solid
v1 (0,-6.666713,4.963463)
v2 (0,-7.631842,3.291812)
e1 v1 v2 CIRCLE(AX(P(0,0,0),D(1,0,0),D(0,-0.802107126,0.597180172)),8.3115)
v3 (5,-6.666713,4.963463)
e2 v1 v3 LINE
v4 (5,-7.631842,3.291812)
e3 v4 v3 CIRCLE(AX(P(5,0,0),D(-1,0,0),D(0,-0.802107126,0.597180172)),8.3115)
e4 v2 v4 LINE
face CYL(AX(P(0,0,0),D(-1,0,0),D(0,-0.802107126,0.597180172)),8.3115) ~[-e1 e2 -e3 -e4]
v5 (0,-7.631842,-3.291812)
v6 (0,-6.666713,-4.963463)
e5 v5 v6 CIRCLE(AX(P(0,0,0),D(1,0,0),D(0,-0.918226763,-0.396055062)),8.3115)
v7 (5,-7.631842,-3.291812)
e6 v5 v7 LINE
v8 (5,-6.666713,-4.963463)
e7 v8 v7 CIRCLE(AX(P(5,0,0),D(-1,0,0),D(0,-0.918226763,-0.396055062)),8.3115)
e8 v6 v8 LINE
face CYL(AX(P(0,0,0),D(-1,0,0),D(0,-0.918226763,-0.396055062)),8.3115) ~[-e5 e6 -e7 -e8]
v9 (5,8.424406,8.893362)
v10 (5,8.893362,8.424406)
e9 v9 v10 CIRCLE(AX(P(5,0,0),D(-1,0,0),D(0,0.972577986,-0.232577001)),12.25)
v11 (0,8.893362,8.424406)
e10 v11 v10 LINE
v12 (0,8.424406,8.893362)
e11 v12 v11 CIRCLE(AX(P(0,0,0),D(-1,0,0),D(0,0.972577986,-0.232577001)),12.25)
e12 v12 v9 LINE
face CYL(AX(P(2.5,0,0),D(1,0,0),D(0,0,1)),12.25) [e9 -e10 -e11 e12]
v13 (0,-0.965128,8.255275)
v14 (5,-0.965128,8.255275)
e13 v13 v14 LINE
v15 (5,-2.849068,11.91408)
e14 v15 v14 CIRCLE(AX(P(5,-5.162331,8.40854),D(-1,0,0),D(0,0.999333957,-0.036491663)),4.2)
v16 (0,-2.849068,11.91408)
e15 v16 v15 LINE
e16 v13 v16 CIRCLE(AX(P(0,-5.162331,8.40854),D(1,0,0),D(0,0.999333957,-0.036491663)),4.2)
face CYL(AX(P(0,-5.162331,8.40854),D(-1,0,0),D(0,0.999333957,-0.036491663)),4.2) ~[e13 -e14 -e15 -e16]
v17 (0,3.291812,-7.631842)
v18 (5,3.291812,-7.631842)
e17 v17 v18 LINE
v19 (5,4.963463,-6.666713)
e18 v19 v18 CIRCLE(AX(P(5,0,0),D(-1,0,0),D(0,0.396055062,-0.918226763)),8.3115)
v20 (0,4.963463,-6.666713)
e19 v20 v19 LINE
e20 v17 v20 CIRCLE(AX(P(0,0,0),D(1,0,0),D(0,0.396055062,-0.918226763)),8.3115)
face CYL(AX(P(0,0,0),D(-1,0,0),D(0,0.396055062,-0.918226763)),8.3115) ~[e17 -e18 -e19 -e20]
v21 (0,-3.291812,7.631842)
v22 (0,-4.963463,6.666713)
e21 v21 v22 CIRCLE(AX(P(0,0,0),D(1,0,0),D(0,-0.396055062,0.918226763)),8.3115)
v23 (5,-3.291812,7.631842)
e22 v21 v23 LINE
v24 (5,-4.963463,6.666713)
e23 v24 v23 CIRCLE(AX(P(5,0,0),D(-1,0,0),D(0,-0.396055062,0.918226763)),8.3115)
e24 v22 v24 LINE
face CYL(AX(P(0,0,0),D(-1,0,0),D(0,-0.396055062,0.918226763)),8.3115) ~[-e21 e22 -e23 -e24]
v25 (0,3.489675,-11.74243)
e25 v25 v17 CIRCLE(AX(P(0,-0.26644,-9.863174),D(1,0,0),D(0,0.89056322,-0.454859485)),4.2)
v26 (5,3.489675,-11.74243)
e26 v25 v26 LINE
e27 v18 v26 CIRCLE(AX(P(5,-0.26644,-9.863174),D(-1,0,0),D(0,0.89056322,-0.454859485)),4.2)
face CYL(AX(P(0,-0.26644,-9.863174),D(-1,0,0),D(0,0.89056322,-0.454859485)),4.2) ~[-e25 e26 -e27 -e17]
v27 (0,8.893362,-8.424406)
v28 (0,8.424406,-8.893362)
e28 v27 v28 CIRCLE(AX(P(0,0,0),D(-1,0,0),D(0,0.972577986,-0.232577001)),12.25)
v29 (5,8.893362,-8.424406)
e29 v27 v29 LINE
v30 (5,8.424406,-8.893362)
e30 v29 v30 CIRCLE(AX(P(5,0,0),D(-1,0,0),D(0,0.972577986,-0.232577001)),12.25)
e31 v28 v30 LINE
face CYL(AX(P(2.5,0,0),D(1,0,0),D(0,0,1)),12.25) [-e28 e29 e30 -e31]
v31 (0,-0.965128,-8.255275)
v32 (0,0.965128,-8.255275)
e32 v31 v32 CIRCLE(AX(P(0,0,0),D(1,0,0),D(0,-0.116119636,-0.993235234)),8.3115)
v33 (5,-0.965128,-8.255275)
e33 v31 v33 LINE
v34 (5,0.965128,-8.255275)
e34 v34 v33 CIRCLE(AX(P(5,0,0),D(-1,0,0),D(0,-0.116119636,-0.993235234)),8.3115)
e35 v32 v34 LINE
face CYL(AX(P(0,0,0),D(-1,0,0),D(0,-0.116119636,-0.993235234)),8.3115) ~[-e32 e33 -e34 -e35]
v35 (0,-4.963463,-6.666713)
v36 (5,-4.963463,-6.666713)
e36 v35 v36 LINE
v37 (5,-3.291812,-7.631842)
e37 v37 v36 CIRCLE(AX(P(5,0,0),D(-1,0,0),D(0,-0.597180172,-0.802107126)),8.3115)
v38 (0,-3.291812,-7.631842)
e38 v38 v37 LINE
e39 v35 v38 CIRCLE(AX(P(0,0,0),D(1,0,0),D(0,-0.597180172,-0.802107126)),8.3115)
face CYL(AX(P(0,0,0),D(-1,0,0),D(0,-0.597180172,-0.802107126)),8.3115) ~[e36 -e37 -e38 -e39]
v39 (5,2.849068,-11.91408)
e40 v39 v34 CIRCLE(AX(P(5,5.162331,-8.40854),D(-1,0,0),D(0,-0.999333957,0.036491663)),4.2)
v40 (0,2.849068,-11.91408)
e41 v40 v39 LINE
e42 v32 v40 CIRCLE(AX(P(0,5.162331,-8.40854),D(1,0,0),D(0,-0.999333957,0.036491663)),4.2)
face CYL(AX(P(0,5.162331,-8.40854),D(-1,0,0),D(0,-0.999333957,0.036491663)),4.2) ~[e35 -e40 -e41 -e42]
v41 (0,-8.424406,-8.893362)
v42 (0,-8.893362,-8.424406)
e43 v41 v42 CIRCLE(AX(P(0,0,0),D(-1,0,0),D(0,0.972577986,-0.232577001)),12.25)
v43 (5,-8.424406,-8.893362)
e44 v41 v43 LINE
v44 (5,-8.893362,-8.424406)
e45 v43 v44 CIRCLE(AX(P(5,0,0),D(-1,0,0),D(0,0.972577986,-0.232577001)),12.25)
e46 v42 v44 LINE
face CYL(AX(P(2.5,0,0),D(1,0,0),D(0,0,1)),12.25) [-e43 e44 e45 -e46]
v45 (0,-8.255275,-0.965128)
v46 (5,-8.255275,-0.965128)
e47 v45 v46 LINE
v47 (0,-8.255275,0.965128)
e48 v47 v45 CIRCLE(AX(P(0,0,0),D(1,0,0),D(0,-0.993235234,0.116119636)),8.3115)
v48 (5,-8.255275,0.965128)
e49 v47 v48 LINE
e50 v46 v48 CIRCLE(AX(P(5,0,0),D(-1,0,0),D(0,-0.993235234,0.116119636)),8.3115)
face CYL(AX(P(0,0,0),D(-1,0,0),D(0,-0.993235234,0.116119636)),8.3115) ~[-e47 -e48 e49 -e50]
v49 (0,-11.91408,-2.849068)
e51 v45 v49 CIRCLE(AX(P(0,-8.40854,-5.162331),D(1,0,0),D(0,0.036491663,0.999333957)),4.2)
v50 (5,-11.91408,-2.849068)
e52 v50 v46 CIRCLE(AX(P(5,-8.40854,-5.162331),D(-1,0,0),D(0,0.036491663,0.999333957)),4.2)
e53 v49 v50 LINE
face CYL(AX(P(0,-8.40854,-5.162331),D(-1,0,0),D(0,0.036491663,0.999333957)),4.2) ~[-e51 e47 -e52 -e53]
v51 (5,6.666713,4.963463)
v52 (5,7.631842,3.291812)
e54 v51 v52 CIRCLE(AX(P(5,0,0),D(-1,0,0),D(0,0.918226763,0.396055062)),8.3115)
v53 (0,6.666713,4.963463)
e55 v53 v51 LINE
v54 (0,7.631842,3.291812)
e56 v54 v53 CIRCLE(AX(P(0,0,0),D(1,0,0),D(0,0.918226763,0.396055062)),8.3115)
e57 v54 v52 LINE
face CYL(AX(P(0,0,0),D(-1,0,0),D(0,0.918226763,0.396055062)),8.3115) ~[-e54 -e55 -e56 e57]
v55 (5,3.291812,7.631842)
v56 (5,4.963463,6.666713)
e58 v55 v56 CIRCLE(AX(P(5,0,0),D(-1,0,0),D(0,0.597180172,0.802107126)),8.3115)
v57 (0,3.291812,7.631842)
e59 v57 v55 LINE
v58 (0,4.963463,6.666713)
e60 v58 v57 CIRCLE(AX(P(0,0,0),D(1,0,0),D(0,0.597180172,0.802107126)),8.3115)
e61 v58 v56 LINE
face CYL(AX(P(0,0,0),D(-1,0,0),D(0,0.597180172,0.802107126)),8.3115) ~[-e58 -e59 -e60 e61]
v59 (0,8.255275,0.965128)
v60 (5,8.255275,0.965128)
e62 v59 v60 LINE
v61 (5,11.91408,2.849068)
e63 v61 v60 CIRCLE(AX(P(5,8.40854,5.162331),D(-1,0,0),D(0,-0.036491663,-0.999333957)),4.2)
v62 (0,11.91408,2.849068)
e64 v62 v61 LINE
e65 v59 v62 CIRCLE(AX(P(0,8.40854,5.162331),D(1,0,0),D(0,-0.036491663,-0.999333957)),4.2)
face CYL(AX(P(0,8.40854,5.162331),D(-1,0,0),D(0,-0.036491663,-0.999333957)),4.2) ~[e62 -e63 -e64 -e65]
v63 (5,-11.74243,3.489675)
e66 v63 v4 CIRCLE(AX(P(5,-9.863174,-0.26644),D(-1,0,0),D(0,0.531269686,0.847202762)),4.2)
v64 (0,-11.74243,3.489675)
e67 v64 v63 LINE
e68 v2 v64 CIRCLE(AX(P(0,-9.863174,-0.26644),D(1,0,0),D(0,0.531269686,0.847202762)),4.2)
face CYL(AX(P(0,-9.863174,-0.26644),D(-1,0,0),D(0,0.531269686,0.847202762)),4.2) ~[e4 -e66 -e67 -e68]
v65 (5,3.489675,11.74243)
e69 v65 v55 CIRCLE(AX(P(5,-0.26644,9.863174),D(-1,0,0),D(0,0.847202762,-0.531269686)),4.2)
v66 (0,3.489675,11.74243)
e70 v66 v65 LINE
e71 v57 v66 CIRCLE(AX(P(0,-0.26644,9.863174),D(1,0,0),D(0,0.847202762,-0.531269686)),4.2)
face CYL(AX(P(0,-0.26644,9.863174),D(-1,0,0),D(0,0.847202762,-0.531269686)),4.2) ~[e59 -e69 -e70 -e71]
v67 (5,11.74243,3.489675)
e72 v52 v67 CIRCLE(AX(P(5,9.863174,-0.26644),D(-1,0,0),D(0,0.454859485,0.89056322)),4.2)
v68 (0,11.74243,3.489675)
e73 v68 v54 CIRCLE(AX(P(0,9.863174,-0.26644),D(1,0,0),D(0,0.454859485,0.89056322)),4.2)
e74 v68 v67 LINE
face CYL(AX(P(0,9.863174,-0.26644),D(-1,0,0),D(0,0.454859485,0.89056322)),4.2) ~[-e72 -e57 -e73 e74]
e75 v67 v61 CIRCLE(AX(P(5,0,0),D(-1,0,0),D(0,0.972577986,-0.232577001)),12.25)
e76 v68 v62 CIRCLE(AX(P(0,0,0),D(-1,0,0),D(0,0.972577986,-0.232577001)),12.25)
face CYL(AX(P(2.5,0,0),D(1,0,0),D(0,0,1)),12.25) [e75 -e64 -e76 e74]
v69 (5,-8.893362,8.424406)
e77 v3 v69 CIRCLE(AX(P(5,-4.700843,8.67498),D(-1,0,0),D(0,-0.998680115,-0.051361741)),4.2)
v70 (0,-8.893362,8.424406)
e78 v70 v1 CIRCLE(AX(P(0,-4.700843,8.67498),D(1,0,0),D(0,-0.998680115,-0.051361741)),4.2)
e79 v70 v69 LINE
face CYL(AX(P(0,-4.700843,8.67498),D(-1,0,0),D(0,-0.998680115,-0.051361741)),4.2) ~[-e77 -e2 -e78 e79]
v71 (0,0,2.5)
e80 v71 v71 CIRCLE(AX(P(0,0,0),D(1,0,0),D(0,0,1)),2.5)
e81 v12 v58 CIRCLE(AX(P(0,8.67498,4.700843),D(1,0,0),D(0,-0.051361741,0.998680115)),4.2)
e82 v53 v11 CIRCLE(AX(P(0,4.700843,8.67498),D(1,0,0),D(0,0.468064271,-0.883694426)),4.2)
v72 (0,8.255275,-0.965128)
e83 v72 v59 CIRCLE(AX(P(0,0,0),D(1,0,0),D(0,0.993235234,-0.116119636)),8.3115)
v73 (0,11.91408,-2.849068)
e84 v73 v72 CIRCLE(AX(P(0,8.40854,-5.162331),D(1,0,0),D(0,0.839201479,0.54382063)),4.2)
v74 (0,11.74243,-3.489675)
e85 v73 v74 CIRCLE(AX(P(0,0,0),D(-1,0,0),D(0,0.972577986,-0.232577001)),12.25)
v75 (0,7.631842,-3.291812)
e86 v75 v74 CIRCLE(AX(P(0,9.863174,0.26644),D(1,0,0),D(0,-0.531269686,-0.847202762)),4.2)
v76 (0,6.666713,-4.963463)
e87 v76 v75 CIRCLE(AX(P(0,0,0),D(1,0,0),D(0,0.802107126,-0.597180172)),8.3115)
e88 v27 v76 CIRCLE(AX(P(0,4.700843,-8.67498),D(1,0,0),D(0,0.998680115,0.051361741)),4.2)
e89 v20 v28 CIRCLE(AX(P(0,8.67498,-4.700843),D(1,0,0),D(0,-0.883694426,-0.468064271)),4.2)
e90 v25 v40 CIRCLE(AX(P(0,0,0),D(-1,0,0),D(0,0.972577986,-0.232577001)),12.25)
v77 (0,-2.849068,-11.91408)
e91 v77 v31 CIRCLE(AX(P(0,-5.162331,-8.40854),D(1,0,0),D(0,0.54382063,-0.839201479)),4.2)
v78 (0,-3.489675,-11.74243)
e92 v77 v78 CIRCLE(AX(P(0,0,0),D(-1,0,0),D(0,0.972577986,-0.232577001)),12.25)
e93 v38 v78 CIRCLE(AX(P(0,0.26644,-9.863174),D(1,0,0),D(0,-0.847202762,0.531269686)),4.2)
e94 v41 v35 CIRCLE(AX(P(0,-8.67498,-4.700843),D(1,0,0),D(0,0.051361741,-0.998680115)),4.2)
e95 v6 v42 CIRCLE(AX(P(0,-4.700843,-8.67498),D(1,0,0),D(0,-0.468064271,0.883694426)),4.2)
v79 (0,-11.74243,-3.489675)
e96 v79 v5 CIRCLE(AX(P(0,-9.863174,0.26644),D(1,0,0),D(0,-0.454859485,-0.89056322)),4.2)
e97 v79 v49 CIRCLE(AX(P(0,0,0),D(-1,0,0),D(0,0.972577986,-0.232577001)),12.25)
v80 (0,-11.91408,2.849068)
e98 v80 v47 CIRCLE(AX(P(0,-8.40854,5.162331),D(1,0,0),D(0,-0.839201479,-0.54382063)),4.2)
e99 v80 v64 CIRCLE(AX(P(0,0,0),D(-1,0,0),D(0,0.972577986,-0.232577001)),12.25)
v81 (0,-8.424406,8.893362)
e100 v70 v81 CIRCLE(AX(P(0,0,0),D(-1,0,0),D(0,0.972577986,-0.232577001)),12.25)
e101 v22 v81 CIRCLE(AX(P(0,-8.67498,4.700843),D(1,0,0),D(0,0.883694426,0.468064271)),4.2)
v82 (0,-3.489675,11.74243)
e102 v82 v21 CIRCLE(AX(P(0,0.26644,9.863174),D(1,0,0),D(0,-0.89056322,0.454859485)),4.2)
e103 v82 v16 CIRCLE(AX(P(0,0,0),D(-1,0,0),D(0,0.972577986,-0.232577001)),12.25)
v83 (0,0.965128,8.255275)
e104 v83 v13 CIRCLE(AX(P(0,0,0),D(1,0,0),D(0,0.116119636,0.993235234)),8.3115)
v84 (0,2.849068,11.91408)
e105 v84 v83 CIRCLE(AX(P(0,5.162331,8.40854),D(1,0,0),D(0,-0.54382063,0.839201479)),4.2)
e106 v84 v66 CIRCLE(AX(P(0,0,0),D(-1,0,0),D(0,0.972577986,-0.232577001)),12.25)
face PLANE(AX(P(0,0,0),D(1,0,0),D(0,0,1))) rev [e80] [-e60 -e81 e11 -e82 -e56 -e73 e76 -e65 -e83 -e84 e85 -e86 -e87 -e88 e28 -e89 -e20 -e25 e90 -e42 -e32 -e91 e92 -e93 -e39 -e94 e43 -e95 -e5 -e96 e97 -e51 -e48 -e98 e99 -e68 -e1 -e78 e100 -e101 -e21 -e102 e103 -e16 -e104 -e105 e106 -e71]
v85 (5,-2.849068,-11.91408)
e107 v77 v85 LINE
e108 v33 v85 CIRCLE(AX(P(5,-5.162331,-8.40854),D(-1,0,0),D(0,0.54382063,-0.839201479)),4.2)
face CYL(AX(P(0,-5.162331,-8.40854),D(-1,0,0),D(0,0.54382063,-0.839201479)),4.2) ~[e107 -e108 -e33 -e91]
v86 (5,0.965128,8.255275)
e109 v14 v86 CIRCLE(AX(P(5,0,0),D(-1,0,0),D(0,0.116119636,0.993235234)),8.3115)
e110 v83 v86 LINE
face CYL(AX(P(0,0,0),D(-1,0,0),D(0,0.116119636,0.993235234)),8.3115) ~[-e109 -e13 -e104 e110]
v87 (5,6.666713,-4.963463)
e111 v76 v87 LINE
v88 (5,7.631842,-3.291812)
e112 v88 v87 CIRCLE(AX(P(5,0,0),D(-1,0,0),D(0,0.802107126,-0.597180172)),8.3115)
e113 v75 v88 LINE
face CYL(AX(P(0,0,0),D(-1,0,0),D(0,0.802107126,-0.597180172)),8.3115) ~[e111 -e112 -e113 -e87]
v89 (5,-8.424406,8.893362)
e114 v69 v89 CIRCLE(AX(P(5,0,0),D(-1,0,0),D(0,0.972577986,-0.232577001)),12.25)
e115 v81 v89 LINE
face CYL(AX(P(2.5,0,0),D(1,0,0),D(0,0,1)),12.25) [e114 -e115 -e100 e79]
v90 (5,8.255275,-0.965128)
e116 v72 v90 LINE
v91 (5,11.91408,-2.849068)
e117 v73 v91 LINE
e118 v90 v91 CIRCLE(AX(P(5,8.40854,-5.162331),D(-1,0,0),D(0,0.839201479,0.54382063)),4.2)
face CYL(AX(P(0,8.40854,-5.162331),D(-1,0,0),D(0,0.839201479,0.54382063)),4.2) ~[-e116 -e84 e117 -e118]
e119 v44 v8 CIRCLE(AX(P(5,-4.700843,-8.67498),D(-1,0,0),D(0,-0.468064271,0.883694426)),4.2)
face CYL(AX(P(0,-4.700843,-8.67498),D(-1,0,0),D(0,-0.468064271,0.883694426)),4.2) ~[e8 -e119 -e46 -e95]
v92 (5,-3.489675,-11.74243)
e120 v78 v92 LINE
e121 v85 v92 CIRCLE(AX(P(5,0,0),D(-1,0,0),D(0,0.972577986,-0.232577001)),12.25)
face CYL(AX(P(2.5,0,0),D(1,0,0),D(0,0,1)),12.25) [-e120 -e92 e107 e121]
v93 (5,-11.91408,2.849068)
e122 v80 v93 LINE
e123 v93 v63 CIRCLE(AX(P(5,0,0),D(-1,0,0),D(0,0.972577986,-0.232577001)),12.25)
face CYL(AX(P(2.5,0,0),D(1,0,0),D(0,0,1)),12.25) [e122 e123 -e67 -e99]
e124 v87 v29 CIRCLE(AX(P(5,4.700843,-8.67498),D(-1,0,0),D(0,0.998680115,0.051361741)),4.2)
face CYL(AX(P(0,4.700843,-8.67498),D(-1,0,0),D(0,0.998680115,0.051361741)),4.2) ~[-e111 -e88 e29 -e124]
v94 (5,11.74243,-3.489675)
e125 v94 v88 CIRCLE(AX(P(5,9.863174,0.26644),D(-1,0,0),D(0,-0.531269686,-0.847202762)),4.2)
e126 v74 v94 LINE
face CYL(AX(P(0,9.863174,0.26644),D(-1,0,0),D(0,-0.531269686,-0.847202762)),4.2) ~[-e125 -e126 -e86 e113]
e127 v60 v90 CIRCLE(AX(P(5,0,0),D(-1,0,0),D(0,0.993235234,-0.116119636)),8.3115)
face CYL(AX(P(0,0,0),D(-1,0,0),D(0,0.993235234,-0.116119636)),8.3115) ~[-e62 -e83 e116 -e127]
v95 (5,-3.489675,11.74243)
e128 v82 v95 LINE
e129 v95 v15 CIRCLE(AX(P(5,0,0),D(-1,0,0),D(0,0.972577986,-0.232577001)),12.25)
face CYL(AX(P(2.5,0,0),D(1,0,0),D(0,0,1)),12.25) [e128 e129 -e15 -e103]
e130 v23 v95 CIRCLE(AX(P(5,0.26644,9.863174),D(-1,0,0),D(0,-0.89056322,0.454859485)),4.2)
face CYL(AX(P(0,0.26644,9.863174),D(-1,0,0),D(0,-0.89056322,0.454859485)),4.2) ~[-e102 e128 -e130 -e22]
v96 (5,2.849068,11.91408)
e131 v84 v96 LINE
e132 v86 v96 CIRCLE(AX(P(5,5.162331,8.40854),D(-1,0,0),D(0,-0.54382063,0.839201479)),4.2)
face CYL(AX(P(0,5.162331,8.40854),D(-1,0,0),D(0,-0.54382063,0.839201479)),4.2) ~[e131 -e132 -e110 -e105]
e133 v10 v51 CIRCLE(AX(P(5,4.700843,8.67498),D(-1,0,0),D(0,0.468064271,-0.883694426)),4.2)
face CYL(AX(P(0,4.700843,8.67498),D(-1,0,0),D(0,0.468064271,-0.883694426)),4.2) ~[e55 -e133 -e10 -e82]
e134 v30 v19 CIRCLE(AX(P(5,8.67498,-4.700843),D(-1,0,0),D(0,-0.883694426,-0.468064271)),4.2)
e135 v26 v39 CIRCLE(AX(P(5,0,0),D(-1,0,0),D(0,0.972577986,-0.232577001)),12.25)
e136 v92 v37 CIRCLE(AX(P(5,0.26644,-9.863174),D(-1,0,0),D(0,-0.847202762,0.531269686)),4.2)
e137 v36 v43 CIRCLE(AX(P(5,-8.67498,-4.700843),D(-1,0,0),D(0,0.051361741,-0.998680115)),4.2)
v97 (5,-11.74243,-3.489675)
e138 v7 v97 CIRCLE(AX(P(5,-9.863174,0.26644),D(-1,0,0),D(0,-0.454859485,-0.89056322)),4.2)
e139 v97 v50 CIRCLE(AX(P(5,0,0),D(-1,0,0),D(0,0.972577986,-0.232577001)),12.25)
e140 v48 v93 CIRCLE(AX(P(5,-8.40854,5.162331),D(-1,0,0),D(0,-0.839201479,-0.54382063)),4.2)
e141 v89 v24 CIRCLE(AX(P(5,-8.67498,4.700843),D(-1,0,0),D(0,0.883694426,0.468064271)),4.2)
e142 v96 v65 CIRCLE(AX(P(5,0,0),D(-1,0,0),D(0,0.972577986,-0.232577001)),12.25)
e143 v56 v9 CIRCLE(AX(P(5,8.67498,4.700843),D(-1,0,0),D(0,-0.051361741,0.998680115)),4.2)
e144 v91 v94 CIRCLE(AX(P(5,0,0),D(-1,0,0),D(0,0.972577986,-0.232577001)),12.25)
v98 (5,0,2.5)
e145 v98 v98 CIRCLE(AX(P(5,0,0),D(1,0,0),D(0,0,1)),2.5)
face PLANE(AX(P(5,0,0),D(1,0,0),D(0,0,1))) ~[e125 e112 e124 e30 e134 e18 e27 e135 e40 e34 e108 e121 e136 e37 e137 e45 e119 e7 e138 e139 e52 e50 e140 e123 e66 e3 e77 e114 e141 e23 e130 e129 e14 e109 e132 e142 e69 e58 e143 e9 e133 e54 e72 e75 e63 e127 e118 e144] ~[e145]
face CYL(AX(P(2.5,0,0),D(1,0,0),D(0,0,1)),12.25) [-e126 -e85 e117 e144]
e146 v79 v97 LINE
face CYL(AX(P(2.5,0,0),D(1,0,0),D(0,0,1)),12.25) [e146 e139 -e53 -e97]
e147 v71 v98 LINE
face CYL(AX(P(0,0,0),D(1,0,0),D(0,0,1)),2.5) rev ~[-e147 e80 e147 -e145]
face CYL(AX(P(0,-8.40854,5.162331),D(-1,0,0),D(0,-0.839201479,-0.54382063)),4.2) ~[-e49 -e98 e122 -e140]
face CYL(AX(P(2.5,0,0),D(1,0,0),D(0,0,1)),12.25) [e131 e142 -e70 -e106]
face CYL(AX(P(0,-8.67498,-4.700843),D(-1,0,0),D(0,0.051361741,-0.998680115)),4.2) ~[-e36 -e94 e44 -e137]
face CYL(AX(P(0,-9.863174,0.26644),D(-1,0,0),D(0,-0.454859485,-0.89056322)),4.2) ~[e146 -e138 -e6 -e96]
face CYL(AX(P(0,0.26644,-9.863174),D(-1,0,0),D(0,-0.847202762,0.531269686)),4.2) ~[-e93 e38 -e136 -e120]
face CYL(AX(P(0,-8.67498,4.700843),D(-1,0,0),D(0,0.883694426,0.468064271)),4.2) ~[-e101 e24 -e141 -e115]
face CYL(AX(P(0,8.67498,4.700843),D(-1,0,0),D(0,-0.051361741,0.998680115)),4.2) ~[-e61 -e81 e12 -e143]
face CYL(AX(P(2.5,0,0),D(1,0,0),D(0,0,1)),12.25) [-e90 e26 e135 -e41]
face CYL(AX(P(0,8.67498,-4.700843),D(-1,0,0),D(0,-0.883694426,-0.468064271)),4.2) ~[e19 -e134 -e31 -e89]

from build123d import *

# Parameters (mm, degrees)
BASPROSKE_W     = 5
BASPROSKE_H     = 12.25
TOOTHCUT_DEPTH  = 19.03122292
TEETHCUTS_COUNT = 12
TEETHCUTS_ANGLE = 330
BORSKE_R        = 2.5
BORE_DEPTH      = 50.0000508


with BuildPart() as part:
    # BasProSke → Base-Revolve (revolve)
    with BuildSketch(Plane(origin=(0, 0, 0), x_dir=(1, 0, 0), z_dir=(0, 1, 0)), mode=Mode.PRIVATE) as base_revolve_sk:
        with Locations((2.5, 6.125)):
            Rectangle(BASPROSKE_W, BASPROSKE_H)
    revolve(base_revolve_sk.sketch.rotate(Axis((-10, 0, 0), (1, 0, 0)), 180), axis=Axis((-10, 0, 0), (1, 0, 0)))

    # TooCutSke → ToothCut (cut, through all)
    with BuildSketch(Plane(origin=(0, 0, 0), x_dir=(0, 0, -1), z_dir=(1, 0, 0))):
        with BuildLine():
            ThreePointArc((0.965128363, 8.255274647), (0, 8.3115), (-0.965128363, 8.255274647))
            ThreePointArc((-0.965128363, 8.255274647), (-1.43628674, 10.346733197), (-2.878284339, 11.933185846))
            ThreePointArc((-2.878284339, 11.933185846), (0, 12.2754), (2.878284339, 11.933185846))
            ThreePointArc((2.878284339, 11.933185846), (1.43628674, 10.346733197), (0.965128363, 8.255274647))
        make_face()
    toothcut = extrude(amount=TOOTHCUT_DEPTH, mode=Mode.SUBTRACT)

    # TeethCuts: ToothCut ×12 about axis
    teethcuts_axis = Axis((-10, 0, 0), (1, 0, 0))
    for i in range(1, TEETHCUTS_COUNT):
        add(toothcut.rotate(teethcuts_axis, i * TEETHCUTS_ANGLE / (TEETHCUTS_COUNT - 1)), mode=Mode.SUBTRACT)

    # BorSke → Bore (cut, symmetric)
    with BuildSketch(Plane(origin=(0, 0, 0), x_dir=(0, 0, -1), z_dir=(1, 0, 0))):
        with Locations(Location((0, 0, 0), (0, 0, 180))):
            Circle(BORSKE_R)
    extrude(amount=BORE_DEPTH, both=True, mode=Mode.SUBTRACT)


solid = part.part
